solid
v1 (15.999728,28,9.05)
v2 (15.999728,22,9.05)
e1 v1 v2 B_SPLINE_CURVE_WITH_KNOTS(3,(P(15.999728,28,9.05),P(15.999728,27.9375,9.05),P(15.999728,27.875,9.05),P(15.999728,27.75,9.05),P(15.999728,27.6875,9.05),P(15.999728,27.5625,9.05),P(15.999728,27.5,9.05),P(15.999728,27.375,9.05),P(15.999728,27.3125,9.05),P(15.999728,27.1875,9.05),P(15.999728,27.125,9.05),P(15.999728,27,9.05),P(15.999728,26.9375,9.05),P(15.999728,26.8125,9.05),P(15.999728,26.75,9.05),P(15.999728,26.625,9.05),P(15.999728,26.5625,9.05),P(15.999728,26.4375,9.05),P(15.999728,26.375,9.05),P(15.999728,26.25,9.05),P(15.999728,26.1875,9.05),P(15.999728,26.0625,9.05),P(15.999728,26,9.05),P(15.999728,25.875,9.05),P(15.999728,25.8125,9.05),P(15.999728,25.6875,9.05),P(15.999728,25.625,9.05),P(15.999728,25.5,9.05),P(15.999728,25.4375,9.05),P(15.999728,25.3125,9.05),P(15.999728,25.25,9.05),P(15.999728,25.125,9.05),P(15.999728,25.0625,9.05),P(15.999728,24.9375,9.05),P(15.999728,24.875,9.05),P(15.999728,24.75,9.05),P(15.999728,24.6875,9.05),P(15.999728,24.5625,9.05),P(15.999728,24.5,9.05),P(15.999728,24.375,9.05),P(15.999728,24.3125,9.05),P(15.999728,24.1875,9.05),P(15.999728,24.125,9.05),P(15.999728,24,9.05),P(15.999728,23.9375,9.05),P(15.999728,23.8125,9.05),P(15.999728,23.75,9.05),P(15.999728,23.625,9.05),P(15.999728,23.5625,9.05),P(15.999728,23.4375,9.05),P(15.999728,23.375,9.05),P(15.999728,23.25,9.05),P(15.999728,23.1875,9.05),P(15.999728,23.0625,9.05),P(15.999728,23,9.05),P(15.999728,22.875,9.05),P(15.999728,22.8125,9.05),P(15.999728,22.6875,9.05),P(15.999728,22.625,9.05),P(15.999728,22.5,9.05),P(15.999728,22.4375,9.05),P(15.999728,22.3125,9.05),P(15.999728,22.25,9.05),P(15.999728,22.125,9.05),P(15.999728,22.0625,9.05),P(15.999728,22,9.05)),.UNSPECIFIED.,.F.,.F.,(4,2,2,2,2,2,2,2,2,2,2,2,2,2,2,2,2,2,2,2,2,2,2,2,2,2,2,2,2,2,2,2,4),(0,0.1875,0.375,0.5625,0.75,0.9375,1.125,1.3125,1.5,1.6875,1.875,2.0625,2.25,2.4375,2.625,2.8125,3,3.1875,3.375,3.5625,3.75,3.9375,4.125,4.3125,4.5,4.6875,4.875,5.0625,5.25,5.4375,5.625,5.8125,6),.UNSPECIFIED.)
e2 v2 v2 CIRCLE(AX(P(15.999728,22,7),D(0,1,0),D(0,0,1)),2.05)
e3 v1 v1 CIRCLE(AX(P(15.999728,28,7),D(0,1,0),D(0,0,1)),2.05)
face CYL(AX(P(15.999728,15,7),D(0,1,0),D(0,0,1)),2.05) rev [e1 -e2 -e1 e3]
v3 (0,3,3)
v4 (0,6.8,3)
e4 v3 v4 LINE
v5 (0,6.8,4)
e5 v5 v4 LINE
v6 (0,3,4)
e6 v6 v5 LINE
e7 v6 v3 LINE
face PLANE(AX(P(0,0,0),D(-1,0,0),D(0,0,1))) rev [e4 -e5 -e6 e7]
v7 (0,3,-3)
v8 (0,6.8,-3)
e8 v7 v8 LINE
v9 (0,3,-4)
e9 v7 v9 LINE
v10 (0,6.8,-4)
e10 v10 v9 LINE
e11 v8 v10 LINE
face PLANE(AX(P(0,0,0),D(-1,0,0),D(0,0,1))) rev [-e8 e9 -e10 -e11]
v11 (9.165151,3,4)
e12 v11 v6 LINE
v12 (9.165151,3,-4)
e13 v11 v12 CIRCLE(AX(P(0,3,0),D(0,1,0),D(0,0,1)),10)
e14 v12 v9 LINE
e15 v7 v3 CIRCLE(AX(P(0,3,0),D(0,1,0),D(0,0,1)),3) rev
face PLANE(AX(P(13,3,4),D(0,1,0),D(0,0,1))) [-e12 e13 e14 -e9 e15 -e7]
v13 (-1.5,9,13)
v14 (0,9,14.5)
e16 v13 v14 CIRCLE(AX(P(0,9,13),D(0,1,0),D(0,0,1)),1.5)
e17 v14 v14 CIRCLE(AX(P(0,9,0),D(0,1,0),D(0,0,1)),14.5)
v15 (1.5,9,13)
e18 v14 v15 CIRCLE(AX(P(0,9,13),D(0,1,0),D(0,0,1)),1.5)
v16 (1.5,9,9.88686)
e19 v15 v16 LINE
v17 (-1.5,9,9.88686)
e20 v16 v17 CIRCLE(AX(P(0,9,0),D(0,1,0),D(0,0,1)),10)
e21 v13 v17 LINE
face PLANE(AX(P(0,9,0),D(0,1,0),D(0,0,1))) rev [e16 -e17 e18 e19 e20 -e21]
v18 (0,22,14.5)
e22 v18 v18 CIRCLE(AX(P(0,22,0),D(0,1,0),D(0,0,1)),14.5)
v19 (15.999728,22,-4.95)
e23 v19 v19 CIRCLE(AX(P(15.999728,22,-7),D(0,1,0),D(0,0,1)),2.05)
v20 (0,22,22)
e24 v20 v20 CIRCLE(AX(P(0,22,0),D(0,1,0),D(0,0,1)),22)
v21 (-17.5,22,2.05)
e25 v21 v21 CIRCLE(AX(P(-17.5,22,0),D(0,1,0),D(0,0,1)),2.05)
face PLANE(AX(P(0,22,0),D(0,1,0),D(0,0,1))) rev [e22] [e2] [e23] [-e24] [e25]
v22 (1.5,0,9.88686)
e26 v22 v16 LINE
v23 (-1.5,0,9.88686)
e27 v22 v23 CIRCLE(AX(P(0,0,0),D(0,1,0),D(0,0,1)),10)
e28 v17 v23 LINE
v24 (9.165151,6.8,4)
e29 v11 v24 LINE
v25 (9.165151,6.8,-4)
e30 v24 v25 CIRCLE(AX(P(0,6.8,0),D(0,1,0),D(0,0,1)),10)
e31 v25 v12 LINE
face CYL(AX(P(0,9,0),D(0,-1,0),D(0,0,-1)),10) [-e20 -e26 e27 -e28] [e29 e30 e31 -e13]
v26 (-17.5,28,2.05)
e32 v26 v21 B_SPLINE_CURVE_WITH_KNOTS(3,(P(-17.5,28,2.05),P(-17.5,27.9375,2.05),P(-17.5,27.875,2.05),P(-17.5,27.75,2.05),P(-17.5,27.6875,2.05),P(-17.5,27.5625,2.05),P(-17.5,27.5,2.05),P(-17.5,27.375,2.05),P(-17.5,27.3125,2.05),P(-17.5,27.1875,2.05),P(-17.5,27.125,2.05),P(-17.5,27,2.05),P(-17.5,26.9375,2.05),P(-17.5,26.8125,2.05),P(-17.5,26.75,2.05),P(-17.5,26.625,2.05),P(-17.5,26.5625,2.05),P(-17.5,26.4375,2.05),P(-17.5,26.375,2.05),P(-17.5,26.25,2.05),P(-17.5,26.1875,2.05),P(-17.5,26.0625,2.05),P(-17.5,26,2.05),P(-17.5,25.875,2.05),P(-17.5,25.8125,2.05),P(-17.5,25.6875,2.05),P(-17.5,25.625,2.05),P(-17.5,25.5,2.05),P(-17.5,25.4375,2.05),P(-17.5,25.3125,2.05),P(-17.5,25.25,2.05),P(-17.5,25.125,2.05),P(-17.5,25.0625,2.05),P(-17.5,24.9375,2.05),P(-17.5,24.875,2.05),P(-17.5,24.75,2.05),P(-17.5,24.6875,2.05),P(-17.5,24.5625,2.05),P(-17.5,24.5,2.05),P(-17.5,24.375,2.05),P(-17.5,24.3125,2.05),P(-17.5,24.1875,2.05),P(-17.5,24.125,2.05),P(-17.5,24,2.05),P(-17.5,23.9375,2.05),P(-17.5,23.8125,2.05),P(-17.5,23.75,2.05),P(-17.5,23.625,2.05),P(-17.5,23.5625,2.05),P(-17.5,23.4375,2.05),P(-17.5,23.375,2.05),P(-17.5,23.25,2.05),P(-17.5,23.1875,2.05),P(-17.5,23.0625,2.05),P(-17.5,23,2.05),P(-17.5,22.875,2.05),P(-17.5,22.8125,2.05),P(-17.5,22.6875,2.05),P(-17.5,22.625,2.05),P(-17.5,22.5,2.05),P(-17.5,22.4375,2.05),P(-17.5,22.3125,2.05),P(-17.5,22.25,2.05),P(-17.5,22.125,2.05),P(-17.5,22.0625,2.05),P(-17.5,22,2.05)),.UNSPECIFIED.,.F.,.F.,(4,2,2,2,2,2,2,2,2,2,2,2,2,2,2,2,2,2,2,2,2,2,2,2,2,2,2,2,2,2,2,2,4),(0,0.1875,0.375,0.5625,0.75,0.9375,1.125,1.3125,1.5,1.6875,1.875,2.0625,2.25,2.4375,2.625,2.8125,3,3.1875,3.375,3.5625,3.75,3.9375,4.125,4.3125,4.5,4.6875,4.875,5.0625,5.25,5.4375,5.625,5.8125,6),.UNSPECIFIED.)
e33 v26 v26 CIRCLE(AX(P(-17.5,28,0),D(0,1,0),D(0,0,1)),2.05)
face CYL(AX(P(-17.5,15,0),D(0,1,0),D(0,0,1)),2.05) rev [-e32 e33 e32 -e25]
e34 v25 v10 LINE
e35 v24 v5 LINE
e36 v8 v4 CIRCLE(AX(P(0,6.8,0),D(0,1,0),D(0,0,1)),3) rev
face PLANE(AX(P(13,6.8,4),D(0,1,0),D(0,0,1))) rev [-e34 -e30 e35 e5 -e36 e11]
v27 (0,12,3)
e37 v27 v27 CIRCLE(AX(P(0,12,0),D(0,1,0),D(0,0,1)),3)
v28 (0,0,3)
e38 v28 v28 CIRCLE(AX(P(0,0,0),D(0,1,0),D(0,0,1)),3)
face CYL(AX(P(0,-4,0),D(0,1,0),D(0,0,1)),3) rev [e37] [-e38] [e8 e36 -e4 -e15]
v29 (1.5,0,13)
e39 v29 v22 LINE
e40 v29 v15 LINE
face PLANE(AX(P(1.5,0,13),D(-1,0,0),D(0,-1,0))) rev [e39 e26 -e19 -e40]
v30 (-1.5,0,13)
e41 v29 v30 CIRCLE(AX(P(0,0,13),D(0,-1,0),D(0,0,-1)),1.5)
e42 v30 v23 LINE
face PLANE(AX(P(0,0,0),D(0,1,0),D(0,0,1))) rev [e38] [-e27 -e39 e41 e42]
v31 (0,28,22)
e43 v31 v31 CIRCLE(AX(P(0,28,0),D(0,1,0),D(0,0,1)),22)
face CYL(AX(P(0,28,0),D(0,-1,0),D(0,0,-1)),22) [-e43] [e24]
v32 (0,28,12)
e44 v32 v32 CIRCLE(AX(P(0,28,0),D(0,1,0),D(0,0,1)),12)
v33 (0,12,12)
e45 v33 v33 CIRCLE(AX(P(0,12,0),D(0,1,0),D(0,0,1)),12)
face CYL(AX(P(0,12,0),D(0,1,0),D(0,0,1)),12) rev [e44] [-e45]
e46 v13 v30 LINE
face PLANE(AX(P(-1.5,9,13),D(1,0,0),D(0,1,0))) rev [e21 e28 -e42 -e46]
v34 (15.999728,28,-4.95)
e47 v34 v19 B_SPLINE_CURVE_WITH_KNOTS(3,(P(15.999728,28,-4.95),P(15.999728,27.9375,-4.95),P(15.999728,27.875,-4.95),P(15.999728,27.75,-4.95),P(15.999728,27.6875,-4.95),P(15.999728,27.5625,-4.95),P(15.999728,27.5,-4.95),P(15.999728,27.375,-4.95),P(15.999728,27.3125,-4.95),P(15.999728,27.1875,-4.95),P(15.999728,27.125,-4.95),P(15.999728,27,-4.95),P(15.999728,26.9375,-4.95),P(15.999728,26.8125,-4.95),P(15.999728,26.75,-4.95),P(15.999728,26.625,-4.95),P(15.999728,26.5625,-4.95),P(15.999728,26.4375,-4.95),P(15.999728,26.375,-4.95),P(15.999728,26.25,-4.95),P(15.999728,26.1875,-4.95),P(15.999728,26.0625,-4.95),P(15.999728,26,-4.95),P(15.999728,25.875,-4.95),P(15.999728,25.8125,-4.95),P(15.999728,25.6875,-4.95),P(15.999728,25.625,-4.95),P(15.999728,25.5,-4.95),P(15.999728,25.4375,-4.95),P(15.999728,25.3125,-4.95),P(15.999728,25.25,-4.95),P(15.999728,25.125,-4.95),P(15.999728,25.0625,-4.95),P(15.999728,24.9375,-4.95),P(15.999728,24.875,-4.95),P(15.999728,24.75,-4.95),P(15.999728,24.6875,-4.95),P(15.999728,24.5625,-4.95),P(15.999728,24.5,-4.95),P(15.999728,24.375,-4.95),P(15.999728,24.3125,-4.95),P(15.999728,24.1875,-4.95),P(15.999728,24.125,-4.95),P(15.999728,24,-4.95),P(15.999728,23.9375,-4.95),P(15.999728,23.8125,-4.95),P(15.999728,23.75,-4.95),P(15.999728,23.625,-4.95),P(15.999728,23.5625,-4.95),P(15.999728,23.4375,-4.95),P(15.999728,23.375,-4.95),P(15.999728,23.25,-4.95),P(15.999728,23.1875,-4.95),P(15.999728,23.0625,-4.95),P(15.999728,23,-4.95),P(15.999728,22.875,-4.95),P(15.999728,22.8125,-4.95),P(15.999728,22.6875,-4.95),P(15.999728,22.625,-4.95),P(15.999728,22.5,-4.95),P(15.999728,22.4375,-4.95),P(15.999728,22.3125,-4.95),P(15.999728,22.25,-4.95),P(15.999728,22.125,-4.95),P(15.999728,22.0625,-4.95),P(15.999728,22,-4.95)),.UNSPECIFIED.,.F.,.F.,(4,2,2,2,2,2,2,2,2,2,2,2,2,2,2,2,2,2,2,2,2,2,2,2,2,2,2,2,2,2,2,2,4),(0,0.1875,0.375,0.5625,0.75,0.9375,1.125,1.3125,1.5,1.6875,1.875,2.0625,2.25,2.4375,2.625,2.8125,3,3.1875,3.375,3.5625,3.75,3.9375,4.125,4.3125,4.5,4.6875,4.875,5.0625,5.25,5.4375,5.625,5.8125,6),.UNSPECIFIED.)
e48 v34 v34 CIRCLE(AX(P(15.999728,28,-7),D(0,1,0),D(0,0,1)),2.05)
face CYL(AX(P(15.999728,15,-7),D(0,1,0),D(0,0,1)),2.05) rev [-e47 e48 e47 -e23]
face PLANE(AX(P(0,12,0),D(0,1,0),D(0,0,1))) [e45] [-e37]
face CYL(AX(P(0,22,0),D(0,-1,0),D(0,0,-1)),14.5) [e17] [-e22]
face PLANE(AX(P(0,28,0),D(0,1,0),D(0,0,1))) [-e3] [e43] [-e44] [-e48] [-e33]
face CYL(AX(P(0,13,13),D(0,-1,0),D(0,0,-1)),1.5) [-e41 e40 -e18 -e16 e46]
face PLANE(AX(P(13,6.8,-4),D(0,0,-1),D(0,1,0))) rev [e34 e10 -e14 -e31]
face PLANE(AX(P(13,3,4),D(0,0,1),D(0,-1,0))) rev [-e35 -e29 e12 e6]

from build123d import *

# Parameters (mm, degrees)
CROQUIS5_R              = 10
SALIENTE_EXTRUIR1_DEPTH = 9
CROQUIS6_R              = 14.5
SALIENTE_EXTRUIR2_DEPTH = 13
CROQUIS7_R              = 22
SALIENTE_EXTRUIR3_DEPTH = 6
CROQUIS8_R              = 12
CORTAR_EXTRUIR1_DEPTH   = 16
CROQUIS9_R              = 3
CORTAR_EXTRUIR2_DEPTH   = 16
CROQUIS10_W             = 3
CROQUIS10_H             = 9
SALIENTE_EXTRUIR4_DEPTH = 13
SALIENTE_EXTRUIR5_DEPTH = 13
CROQUIS12_W             = 8
CROQUIS12_H             = 3.8
CORTAR_EXTRUIR3_DEPTH   = 13
CROQUIS13_R             = 3
CORTAR_EXTRUIR4_DEPTH   = 13
CROQUIS14_R             = 2.05
CORTAR_EXTRUIR5_DEPTH   = 13


with BuildPart() as part:
    # Croquis5 → Saliente-Extruir1 (new body)
    with BuildSketch(Plane(origin=(0, 0, 0), x_dir=(1, 0, 0), z_dir=(0, 1, 0))):
        with Locations(Location((0, 0, 0), (0, 0, 270))):
            Circle(CROQUIS5_R)
    extrude(amount=SALIENTE_EXTRUIR1_DEPTH)

    # Croquis6 → Saliente-Extruir2 (add)
    with BuildSketch(Plane(origin=(0, 9, 0), x_dir=(1, 0, 0), z_dir=(0, 1, 0))):
        with Locations(Location((0, 0, 0), (0, 0, 90))):
            Circle(CROQUIS6_R)
    extrude(amount=SALIENTE_EXTRUIR2_DEPTH)

    # Croquis7 → Saliente-Extruir3 (add)
    with BuildSketch(Plane(origin=(0, 22, 0), x_dir=(1, 0, 0), z_dir=(0, 1, 0))):
        with Locations(Location((0, 0, 0), (0, 0, 270))):
            Circle(CROQUIS7_R)
    extrude(amount=SALIENTE_EXTRUIR3_DEPTH)

    # Croquis8 → Cortar-Extruir1 (cut)
    with BuildSketch(Plane(origin=(0, 28, 0), x_dir=(1, 0, 0), z_dir=(0, 1, 0))):
        with Locations(Location((0, 0, 0), (0, 0, 270))):
            Circle(CROQUIS8_R)
    extrude(amount=-CORTAR_EXTRUIR1_DEPTH, mode=Mode.SUBTRACT)

    # Croquis9 → Cortar-Extruir2 (cut)
    with BuildSketch(Plane(origin=(0, 12, 0), x_dir=(1, 0, 0), z_dir=(0, 1, 0))):
        with Locations(Location((0, 0, 0), (0, 0, 270))):
            Circle(CROQUIS9_R)
    extrude(amount=-CORTAR_EXTRUIR2_DEPTH, mode=Mode.SUBTRACT)

    # Croquis10 → Saliente-Extruir4 (add)
    with BuildSketch(Plane.XY):
        with Locations((0, 4.5)):
            Rectangle(CROQUIS10_W, CROQUIS10_H)
    extrude(amount=SALIENTE_EXTRUIR4_DEPTH)

    # Croquis11 → Saliente-Extruir5 (add)
    with BuildSketch(Plane.XZ):
        with BuildLine():
            Line((-1.5, 13), (1.5, 13))
            ThreePointArc((1.5, 13), (0, 14.5), (-1.5, 13))
        make_face()
    extrude(amount=-SALIENTE_EXTRUIR5_DEPTH)

    # Croquis12 → Cortar-Extruir3 (cut)
    with BuildSketch(Plane(origin=(0, 0, 0), x_dir=(0, 0, -1), z_dir=(1, 0, 0))):
        with Locations((0, 4.9)):
            Rectangle(CROQUIS12_W, CROQUIS12_H)
    extrude(amount=CORTAR_EXTRUIR3_DEPTH, mode=Mode.SUBTRACT)

    # Croquis13 → Cortar-Extruir4 (cut)
    with BuildSketch(Plane(origin=(0, 12, 0), x_dir=(1, 0, 0), z_dir=(0, 1, 0))):
        with Locations(Location((0, 0, 0), (0, 0, 270))):
            Circle(CROQUIS13_R)
    extrude(amount=-CORTAR_EXTRUIR4_DEPTH, mode=Mode.SUBTRACT)

    # Croquis14 → Cortar-Extruir5 (cut)
    with BuildSketch(Plane(origin=(0, 28, 0), x_dir=(1, 0, 0), z_dir=(0, 1, 0))):
        with Locations(Location((-17.5, 0, 0), (0, 0, 270))):
            Circle(CROQUIS14_R)
        with Locations(Location((15.999727998, 7, 0), (0, 0, 270))):
            Circle(CROQUIS14_R)
        with Locations(Location((15.999727998, -7, 0), (0, 0, 270))):
            Circle(CROQUIS14_R)
    extrude(amount=-CORTAR_EXTRUIR5_DEPTH, mode=Mode.SUBTRACT)


solid = part.part
